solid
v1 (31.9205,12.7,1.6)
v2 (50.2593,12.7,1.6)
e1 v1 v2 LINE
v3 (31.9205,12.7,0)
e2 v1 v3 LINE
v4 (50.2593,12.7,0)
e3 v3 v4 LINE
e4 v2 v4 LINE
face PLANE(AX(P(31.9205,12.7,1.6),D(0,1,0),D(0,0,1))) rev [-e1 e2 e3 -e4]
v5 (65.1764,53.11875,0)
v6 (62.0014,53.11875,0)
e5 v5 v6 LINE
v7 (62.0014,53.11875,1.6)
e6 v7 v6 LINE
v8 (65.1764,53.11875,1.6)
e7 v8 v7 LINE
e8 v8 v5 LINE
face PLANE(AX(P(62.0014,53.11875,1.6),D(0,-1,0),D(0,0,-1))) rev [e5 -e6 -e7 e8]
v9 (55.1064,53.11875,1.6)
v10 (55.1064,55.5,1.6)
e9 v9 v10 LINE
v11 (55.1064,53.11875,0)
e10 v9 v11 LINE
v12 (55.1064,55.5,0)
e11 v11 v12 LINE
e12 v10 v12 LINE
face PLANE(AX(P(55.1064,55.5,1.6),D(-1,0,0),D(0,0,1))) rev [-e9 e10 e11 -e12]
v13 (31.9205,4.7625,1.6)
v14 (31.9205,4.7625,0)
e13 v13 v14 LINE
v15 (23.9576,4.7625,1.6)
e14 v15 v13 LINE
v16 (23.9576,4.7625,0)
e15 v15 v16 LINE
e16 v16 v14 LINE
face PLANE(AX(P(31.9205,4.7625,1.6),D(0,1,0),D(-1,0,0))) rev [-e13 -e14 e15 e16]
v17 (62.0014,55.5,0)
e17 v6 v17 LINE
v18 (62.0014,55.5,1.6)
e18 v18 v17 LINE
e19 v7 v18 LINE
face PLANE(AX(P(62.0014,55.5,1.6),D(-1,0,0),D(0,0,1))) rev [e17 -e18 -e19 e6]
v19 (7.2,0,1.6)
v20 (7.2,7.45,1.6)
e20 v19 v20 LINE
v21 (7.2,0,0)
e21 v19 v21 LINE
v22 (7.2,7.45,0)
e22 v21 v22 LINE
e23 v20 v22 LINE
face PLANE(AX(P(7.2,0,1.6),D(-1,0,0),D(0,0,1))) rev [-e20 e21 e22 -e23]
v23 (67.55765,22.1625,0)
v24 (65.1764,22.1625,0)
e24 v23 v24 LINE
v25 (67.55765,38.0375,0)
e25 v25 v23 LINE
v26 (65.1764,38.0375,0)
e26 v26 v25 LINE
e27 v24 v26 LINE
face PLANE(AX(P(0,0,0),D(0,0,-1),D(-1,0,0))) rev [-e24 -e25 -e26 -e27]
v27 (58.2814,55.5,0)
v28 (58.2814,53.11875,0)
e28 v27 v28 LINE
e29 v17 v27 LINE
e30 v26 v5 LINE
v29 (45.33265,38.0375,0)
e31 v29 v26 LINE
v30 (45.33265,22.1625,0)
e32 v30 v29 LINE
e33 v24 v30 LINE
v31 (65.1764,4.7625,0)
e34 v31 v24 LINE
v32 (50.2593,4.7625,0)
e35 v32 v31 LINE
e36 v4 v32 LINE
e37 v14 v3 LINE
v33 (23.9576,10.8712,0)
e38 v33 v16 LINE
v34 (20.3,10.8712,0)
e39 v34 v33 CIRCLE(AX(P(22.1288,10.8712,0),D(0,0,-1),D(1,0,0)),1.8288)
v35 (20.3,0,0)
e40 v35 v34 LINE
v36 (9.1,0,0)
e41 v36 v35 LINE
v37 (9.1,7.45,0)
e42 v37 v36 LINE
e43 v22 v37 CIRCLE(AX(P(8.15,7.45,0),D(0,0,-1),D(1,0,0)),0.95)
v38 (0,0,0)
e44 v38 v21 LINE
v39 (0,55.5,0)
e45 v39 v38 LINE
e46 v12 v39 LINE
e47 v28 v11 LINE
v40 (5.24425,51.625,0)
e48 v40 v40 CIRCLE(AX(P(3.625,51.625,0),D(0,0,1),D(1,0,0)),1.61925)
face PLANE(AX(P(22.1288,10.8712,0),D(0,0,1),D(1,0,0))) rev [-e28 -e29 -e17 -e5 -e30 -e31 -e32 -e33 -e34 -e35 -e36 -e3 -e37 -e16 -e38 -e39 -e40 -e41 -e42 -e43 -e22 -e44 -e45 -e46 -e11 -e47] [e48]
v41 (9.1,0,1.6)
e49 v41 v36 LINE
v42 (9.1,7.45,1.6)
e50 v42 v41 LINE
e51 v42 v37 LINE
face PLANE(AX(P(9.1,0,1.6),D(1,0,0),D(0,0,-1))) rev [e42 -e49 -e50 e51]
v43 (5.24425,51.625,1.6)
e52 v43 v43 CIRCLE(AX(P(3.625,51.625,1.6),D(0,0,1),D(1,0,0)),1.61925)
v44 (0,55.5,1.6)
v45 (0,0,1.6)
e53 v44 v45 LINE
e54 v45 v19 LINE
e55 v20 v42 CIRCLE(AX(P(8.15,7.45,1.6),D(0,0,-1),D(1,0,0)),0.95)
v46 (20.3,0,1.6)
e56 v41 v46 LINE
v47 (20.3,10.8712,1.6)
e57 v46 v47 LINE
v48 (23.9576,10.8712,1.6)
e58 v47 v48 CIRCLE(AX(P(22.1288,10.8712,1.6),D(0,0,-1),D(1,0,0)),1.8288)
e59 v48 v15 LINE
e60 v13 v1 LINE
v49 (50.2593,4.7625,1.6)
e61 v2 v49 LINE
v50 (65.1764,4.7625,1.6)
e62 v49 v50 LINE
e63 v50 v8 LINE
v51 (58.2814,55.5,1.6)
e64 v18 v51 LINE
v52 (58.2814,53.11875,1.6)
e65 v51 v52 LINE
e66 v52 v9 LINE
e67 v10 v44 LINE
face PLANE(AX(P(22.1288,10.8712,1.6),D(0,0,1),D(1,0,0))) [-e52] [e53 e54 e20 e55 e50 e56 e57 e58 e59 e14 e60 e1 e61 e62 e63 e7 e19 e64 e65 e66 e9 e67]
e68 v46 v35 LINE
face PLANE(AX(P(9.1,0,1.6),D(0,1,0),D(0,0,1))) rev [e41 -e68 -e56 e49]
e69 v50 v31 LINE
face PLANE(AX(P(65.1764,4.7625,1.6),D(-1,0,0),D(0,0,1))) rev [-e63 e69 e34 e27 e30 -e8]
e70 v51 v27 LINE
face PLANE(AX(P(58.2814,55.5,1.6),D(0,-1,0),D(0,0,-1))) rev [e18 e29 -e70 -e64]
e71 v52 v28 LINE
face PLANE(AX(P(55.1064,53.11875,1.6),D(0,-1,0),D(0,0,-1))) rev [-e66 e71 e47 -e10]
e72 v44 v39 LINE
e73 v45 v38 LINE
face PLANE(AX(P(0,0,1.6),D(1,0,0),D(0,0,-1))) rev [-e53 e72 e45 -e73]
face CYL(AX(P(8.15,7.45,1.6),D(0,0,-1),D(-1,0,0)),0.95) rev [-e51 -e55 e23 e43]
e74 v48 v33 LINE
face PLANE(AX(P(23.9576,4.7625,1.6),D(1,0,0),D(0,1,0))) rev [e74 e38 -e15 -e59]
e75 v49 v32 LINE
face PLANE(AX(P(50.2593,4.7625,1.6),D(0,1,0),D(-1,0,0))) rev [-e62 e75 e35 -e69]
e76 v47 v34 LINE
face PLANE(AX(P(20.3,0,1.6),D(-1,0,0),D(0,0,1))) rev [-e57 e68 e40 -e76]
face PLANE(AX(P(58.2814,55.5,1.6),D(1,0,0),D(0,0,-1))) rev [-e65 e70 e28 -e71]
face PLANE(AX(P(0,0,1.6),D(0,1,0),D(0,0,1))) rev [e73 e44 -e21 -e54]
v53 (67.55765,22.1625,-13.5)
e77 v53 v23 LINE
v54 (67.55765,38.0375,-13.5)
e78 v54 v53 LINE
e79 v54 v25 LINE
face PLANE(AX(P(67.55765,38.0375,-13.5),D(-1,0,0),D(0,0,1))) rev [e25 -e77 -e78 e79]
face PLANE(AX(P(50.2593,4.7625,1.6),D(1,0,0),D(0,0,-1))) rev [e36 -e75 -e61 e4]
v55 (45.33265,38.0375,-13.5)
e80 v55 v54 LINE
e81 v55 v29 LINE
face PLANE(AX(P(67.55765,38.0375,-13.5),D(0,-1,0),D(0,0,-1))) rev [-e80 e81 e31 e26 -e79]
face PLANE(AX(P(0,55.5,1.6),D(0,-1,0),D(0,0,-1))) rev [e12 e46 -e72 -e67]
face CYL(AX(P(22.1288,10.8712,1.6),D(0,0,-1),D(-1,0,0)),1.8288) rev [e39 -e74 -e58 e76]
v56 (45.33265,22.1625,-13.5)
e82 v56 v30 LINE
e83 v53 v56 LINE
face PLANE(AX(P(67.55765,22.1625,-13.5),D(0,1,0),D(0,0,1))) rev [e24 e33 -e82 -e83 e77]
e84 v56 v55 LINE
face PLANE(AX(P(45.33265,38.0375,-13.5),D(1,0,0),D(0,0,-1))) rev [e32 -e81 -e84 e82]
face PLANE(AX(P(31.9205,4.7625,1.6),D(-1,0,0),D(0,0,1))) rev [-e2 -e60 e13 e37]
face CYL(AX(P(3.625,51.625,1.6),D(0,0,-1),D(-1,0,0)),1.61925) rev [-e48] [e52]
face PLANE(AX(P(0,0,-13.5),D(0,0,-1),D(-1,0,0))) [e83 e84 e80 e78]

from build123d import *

# Parameters (mm, degrees)
SKETCH2_R           = 1.61925
BOSS_EXTRUDE1_DEPTH = 1.6
SKETCH3_W           = 22.225
SKETCH3_H           = 15.875
BOSS_EXTRUDE2_DEPTH = 13.5


with BuildPart() as part:
    # Sketch2 → Boss-Extrude1 (new body)
    with BuildSketch(Plane.XY):
        with BuildLine():
            Line((0, 0), (7.2, 0))
            Line((7.2, 0), (7.2, 7.45))
            ThreePointArc((7.2, 7.45), (8.15, 8.4), (9.1, 7.45))
            Line((9.1, 7.45), (9.1, 0))
            Line((9.1, 0), (20.3, 0))
            Line((20.3, 0), (20.3, 10.8712))
            ThreePointArc((20.3, 10.8712), (22.1288, 12.7), (23.9576, 10.8712))
            Line((23.9576, 10.8712), (23.9576, 4.7625))
            Line((23.9576, 4.7625), (31.9205, 4.7625))
            Line((31.9205, 4.7625), (31.9205, 12.7))
            Line((31.9205, 12.7), (50.2593, 12.7))
            Line((50.2593, 12.7), (50.2593, 4.7625))
            Line((50.2593, 4.7625), (65.1764, 4.7625))
            Line((65.1764, 4.7625), (65.1764, 53.11875))
            Line((65.1764, 53.11875), (62.0014, 53.11875))
            Line((62.0014, 53.11875), (62.0014, 55.5))
            Line((62.0014, 55.5), (58.2814, 55.5))
            Line((58.2814, 55.5), (58.2814, 53.11875))
            Line((58.2814, 53.11875), (55.1064, 53.11875))
            Line((55.1064, 53.11875), (55.1064, 55.5))
            Line((55.1064, 55.5), (0, 55.5))
            Line((0, 55.5), (0, 0))
        make_face()
        with Locations((3.625, 51.625)):
            Circle(SKETCH2_R, mode=Mode.SUBTRACT)
    extrude(amount=BOSS_EXTRUDE1_DEPTH)

    # Sketch3 → Boss-Extrude2 (add)
    with BuildSketch(Plane(origin=(0, 0, 0), x_dir=(-1, 0, 0), z_dir=(0, 0, -1))):
        with Locations((-56.44515, 30.1)):
            Rectangle(SKETCH3_W, SKETCH3_H)
    extrude(amount=BOSS_EXTRUDE2_DEPTH)


solid = part.part
